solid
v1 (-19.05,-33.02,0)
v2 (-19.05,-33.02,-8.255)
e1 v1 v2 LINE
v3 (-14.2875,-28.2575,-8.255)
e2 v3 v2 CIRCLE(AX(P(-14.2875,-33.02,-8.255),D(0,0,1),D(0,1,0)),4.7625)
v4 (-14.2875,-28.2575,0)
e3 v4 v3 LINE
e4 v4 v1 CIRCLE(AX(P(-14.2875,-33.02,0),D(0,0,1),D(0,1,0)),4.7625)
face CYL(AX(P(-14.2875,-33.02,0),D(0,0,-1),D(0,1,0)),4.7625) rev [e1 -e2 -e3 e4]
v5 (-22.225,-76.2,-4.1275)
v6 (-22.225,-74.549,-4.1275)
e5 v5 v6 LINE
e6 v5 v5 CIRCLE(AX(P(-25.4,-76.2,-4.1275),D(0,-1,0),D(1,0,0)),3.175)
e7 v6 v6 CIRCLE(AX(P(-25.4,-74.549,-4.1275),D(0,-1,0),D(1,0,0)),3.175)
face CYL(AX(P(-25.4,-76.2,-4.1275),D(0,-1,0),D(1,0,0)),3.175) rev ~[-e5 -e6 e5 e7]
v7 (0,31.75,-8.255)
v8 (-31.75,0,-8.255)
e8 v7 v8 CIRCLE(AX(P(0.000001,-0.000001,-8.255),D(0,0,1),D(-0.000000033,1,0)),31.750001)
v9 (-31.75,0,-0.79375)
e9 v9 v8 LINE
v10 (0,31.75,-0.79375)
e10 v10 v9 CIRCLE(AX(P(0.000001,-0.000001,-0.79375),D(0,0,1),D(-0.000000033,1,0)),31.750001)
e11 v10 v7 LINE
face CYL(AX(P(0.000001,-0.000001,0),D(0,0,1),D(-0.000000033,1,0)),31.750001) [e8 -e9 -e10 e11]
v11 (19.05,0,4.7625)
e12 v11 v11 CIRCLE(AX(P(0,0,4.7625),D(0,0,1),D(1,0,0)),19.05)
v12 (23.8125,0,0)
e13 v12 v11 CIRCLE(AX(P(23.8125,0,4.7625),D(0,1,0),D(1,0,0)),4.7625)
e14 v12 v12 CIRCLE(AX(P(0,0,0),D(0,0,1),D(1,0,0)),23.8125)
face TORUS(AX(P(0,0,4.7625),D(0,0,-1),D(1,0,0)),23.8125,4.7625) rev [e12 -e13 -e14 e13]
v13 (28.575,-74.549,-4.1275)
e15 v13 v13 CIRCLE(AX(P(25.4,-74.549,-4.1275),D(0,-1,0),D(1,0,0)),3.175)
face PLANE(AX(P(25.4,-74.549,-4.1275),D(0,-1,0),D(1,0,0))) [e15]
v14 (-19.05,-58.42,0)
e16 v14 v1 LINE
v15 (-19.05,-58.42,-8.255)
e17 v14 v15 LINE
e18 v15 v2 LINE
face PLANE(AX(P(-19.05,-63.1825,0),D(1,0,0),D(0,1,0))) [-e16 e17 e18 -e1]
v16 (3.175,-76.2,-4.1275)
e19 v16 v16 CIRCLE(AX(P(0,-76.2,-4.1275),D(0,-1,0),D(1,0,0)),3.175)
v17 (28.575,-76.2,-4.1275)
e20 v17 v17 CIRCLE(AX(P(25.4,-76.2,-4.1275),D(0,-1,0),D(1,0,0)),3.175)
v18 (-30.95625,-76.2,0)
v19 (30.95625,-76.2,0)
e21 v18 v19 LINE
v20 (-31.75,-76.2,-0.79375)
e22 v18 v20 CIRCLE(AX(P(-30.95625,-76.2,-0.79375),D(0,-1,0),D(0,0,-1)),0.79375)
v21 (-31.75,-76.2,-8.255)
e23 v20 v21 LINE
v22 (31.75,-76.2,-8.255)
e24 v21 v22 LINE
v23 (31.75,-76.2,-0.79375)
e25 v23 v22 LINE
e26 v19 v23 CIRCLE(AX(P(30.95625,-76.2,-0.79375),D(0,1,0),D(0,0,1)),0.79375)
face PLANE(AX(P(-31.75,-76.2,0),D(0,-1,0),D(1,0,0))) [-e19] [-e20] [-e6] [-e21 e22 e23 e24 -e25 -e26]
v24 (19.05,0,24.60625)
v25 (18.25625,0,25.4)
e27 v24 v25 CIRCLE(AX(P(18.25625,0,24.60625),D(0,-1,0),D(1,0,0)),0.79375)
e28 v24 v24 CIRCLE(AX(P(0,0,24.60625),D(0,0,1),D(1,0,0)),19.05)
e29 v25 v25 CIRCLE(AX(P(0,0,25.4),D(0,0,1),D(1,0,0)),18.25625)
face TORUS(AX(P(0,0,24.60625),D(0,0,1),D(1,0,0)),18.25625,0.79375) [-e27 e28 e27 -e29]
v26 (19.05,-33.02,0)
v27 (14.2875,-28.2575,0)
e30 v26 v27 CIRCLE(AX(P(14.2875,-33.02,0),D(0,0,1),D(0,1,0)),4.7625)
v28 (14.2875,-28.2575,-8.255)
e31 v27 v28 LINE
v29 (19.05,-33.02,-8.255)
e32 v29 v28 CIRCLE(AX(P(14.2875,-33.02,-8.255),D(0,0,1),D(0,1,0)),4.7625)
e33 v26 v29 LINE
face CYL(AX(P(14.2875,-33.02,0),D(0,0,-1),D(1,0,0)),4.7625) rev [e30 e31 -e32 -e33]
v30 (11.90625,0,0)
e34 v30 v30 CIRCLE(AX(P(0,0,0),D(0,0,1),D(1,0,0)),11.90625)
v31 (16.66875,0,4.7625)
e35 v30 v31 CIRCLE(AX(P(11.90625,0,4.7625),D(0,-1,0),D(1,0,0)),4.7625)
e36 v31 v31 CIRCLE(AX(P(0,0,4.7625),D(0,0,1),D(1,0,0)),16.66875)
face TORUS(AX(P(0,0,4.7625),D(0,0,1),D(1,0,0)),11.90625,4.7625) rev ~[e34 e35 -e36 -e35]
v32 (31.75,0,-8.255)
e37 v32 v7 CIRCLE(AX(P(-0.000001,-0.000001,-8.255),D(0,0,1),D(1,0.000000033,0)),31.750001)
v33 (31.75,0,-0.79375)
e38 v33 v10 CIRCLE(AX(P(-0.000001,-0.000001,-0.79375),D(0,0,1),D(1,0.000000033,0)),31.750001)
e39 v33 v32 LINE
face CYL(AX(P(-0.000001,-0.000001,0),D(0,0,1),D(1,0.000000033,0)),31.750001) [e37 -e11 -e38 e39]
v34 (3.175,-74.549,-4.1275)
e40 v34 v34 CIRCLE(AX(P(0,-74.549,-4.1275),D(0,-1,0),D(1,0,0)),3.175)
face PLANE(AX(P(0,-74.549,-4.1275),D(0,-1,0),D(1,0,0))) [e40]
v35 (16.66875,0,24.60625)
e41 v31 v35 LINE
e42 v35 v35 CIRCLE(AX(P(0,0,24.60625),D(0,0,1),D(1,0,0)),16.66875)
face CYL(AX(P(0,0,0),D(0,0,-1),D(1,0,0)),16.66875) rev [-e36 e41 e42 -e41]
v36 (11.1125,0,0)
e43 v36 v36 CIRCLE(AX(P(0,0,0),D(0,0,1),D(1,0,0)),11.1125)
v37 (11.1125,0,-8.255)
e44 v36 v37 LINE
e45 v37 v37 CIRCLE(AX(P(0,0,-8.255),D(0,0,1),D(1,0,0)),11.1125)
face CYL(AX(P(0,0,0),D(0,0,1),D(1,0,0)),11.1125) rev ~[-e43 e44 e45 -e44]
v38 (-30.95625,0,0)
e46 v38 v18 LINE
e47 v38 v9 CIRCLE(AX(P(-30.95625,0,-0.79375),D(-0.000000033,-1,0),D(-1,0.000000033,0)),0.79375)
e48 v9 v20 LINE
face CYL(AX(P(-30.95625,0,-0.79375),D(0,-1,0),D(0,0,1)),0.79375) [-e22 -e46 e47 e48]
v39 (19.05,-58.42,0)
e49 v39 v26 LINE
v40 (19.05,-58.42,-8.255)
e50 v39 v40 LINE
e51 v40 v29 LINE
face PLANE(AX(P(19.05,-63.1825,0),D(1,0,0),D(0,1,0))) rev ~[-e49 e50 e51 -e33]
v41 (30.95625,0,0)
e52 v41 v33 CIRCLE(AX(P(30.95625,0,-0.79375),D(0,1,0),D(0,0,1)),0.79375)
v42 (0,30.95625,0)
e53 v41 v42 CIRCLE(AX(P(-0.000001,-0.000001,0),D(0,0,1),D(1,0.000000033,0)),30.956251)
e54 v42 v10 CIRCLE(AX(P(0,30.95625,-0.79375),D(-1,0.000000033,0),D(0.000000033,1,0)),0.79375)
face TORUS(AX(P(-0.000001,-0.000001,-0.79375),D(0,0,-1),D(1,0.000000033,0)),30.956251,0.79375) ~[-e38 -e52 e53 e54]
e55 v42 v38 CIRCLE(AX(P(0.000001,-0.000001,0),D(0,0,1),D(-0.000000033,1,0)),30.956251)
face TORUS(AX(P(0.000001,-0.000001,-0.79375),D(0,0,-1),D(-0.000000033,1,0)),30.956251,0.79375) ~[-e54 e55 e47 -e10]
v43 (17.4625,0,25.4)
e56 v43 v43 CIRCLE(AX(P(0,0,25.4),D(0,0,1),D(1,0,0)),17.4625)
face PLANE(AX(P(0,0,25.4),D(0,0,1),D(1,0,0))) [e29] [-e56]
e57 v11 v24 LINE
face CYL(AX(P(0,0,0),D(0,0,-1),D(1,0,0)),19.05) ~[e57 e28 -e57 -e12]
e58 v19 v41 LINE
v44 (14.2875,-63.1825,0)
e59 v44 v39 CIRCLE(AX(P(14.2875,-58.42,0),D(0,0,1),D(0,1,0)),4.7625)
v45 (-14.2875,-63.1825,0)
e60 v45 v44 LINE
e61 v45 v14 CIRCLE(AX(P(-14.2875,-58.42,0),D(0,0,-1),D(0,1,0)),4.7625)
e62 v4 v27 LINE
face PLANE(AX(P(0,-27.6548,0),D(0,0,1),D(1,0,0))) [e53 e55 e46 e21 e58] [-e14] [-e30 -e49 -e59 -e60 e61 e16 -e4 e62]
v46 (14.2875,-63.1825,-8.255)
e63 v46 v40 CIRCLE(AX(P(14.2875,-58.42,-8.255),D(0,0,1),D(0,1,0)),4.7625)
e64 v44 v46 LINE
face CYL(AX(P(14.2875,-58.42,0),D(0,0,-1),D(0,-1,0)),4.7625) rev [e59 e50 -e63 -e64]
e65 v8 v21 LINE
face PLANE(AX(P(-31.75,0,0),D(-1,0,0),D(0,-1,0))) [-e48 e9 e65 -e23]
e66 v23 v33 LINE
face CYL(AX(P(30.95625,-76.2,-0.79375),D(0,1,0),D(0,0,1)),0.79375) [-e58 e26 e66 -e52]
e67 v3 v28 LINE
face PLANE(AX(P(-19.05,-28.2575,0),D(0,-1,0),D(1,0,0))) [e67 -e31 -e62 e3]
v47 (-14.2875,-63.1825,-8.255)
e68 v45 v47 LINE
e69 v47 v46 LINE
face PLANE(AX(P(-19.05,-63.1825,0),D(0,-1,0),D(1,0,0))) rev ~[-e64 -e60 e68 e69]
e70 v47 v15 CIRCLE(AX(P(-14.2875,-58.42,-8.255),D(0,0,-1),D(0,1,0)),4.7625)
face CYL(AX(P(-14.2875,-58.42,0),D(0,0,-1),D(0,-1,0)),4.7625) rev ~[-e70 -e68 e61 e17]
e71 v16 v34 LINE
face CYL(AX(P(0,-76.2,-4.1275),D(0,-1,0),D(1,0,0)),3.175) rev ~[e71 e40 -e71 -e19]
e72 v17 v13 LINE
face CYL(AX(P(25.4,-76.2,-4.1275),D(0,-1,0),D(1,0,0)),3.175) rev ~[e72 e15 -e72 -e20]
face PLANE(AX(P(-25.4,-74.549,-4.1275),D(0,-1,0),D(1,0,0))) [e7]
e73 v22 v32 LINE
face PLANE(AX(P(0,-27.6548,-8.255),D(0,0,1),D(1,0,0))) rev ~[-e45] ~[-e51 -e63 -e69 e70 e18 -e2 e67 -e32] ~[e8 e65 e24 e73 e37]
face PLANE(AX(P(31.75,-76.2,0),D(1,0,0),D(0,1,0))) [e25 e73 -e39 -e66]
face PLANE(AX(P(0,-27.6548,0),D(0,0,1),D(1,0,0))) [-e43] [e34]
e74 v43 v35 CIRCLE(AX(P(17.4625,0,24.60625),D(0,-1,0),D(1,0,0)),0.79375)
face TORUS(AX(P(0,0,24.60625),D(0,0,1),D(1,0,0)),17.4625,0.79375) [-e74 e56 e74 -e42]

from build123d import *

# Parameters (mm, degrees)
F1_DEPTH = 8.255
F2_R     = 19.05
F2_R_2   = 16.66875
F3_DEPTH = 25.4
F4_R     = 3.175
F5_DEPTH = 1.651
F6_W     = 38.1
F6_H     = 34.925
F6_R     = 11.1125
F7_DEPTH = 8.255
F8_R     = 4.7625
F9_R     = 0.79375


with BuildPart() as f1:
    # F0 (on Top) → F1 (new body)
    with BuildSketch(Plane.XY):
        with BuildLine():
            ThreePointArc((31.75, 0), (22.45064, 22.45064), (0, 31.75))
            ThreePointArc((0, 31.75), (-22.45064, 22.45064), (-31.75, 0))
            Line((-31.75, 0), (-31.75, -76.2))
            Line((-31.75, -76.2), (0, -76.2))
            Line((0, -76.2), (31.75, -76.2))
            Line((31.75, -76.2), (31.75, 0))
        make_face()
    extrude(amount=-F1_DEPTH)

    # F2 (on face) → F3 (join)
    with BuildSketch(Plane.XY):
        Circle(F2_R)
        Circle(F2_R_2, mode=Mode.SUBTRACT)
    extrude(amount=F3_DEPTH)

    # F4 (on face) → F5 (cut)
    with BuildSketch(Plane.XZ.offset(76.2)):
        with Locations((-25.4, -4.1275)):
            Circle(F4_R)
        with Locations((0, -4.1275)):
            Circle(F4_R)
        with Locations((25.4, -4.1275)):
            Circle(F4_R)
    extrude(amount=-F5_DEPTH, mode=Mode.SUBTRACT)

    # F6 (on face) → F7 (cut, through all)
    with BuildSketch(Plane.XY):
        with Locations((0, -45.72)):
            Rectangle(F6_W, F6_H)
        Circle(F6_R)
    extrude(amount=-F7_DEPTH, mode=Mode.SUBTRACT)

    # F8
    f8_edges = [f1.edges().sort_by_distance(p)[0] for p in [
        (-19.05, 0, 0),
        (-16.66875, 0, 0),
        (-19.05, -28.2575, -4.1275),
        (19.05, -28.2575, -4.1275),
        (-19.05, -63.1825, -4.1275),
        (19.05, -63.1825, -4.1275),
    ]]
    fillet(f8_edges, radius=F8_R)

    # F9
    f9_edges = [f1.edges().sort_by_distance(p)[0] for p in [
        (-19.05, 0, 25.4),
        (-16.66875, 0, 25.4),
        (-31.75, -38.1, 0),
    ]]
    fillet(f9_edges, radius=F9_R)


solid = f1.part
